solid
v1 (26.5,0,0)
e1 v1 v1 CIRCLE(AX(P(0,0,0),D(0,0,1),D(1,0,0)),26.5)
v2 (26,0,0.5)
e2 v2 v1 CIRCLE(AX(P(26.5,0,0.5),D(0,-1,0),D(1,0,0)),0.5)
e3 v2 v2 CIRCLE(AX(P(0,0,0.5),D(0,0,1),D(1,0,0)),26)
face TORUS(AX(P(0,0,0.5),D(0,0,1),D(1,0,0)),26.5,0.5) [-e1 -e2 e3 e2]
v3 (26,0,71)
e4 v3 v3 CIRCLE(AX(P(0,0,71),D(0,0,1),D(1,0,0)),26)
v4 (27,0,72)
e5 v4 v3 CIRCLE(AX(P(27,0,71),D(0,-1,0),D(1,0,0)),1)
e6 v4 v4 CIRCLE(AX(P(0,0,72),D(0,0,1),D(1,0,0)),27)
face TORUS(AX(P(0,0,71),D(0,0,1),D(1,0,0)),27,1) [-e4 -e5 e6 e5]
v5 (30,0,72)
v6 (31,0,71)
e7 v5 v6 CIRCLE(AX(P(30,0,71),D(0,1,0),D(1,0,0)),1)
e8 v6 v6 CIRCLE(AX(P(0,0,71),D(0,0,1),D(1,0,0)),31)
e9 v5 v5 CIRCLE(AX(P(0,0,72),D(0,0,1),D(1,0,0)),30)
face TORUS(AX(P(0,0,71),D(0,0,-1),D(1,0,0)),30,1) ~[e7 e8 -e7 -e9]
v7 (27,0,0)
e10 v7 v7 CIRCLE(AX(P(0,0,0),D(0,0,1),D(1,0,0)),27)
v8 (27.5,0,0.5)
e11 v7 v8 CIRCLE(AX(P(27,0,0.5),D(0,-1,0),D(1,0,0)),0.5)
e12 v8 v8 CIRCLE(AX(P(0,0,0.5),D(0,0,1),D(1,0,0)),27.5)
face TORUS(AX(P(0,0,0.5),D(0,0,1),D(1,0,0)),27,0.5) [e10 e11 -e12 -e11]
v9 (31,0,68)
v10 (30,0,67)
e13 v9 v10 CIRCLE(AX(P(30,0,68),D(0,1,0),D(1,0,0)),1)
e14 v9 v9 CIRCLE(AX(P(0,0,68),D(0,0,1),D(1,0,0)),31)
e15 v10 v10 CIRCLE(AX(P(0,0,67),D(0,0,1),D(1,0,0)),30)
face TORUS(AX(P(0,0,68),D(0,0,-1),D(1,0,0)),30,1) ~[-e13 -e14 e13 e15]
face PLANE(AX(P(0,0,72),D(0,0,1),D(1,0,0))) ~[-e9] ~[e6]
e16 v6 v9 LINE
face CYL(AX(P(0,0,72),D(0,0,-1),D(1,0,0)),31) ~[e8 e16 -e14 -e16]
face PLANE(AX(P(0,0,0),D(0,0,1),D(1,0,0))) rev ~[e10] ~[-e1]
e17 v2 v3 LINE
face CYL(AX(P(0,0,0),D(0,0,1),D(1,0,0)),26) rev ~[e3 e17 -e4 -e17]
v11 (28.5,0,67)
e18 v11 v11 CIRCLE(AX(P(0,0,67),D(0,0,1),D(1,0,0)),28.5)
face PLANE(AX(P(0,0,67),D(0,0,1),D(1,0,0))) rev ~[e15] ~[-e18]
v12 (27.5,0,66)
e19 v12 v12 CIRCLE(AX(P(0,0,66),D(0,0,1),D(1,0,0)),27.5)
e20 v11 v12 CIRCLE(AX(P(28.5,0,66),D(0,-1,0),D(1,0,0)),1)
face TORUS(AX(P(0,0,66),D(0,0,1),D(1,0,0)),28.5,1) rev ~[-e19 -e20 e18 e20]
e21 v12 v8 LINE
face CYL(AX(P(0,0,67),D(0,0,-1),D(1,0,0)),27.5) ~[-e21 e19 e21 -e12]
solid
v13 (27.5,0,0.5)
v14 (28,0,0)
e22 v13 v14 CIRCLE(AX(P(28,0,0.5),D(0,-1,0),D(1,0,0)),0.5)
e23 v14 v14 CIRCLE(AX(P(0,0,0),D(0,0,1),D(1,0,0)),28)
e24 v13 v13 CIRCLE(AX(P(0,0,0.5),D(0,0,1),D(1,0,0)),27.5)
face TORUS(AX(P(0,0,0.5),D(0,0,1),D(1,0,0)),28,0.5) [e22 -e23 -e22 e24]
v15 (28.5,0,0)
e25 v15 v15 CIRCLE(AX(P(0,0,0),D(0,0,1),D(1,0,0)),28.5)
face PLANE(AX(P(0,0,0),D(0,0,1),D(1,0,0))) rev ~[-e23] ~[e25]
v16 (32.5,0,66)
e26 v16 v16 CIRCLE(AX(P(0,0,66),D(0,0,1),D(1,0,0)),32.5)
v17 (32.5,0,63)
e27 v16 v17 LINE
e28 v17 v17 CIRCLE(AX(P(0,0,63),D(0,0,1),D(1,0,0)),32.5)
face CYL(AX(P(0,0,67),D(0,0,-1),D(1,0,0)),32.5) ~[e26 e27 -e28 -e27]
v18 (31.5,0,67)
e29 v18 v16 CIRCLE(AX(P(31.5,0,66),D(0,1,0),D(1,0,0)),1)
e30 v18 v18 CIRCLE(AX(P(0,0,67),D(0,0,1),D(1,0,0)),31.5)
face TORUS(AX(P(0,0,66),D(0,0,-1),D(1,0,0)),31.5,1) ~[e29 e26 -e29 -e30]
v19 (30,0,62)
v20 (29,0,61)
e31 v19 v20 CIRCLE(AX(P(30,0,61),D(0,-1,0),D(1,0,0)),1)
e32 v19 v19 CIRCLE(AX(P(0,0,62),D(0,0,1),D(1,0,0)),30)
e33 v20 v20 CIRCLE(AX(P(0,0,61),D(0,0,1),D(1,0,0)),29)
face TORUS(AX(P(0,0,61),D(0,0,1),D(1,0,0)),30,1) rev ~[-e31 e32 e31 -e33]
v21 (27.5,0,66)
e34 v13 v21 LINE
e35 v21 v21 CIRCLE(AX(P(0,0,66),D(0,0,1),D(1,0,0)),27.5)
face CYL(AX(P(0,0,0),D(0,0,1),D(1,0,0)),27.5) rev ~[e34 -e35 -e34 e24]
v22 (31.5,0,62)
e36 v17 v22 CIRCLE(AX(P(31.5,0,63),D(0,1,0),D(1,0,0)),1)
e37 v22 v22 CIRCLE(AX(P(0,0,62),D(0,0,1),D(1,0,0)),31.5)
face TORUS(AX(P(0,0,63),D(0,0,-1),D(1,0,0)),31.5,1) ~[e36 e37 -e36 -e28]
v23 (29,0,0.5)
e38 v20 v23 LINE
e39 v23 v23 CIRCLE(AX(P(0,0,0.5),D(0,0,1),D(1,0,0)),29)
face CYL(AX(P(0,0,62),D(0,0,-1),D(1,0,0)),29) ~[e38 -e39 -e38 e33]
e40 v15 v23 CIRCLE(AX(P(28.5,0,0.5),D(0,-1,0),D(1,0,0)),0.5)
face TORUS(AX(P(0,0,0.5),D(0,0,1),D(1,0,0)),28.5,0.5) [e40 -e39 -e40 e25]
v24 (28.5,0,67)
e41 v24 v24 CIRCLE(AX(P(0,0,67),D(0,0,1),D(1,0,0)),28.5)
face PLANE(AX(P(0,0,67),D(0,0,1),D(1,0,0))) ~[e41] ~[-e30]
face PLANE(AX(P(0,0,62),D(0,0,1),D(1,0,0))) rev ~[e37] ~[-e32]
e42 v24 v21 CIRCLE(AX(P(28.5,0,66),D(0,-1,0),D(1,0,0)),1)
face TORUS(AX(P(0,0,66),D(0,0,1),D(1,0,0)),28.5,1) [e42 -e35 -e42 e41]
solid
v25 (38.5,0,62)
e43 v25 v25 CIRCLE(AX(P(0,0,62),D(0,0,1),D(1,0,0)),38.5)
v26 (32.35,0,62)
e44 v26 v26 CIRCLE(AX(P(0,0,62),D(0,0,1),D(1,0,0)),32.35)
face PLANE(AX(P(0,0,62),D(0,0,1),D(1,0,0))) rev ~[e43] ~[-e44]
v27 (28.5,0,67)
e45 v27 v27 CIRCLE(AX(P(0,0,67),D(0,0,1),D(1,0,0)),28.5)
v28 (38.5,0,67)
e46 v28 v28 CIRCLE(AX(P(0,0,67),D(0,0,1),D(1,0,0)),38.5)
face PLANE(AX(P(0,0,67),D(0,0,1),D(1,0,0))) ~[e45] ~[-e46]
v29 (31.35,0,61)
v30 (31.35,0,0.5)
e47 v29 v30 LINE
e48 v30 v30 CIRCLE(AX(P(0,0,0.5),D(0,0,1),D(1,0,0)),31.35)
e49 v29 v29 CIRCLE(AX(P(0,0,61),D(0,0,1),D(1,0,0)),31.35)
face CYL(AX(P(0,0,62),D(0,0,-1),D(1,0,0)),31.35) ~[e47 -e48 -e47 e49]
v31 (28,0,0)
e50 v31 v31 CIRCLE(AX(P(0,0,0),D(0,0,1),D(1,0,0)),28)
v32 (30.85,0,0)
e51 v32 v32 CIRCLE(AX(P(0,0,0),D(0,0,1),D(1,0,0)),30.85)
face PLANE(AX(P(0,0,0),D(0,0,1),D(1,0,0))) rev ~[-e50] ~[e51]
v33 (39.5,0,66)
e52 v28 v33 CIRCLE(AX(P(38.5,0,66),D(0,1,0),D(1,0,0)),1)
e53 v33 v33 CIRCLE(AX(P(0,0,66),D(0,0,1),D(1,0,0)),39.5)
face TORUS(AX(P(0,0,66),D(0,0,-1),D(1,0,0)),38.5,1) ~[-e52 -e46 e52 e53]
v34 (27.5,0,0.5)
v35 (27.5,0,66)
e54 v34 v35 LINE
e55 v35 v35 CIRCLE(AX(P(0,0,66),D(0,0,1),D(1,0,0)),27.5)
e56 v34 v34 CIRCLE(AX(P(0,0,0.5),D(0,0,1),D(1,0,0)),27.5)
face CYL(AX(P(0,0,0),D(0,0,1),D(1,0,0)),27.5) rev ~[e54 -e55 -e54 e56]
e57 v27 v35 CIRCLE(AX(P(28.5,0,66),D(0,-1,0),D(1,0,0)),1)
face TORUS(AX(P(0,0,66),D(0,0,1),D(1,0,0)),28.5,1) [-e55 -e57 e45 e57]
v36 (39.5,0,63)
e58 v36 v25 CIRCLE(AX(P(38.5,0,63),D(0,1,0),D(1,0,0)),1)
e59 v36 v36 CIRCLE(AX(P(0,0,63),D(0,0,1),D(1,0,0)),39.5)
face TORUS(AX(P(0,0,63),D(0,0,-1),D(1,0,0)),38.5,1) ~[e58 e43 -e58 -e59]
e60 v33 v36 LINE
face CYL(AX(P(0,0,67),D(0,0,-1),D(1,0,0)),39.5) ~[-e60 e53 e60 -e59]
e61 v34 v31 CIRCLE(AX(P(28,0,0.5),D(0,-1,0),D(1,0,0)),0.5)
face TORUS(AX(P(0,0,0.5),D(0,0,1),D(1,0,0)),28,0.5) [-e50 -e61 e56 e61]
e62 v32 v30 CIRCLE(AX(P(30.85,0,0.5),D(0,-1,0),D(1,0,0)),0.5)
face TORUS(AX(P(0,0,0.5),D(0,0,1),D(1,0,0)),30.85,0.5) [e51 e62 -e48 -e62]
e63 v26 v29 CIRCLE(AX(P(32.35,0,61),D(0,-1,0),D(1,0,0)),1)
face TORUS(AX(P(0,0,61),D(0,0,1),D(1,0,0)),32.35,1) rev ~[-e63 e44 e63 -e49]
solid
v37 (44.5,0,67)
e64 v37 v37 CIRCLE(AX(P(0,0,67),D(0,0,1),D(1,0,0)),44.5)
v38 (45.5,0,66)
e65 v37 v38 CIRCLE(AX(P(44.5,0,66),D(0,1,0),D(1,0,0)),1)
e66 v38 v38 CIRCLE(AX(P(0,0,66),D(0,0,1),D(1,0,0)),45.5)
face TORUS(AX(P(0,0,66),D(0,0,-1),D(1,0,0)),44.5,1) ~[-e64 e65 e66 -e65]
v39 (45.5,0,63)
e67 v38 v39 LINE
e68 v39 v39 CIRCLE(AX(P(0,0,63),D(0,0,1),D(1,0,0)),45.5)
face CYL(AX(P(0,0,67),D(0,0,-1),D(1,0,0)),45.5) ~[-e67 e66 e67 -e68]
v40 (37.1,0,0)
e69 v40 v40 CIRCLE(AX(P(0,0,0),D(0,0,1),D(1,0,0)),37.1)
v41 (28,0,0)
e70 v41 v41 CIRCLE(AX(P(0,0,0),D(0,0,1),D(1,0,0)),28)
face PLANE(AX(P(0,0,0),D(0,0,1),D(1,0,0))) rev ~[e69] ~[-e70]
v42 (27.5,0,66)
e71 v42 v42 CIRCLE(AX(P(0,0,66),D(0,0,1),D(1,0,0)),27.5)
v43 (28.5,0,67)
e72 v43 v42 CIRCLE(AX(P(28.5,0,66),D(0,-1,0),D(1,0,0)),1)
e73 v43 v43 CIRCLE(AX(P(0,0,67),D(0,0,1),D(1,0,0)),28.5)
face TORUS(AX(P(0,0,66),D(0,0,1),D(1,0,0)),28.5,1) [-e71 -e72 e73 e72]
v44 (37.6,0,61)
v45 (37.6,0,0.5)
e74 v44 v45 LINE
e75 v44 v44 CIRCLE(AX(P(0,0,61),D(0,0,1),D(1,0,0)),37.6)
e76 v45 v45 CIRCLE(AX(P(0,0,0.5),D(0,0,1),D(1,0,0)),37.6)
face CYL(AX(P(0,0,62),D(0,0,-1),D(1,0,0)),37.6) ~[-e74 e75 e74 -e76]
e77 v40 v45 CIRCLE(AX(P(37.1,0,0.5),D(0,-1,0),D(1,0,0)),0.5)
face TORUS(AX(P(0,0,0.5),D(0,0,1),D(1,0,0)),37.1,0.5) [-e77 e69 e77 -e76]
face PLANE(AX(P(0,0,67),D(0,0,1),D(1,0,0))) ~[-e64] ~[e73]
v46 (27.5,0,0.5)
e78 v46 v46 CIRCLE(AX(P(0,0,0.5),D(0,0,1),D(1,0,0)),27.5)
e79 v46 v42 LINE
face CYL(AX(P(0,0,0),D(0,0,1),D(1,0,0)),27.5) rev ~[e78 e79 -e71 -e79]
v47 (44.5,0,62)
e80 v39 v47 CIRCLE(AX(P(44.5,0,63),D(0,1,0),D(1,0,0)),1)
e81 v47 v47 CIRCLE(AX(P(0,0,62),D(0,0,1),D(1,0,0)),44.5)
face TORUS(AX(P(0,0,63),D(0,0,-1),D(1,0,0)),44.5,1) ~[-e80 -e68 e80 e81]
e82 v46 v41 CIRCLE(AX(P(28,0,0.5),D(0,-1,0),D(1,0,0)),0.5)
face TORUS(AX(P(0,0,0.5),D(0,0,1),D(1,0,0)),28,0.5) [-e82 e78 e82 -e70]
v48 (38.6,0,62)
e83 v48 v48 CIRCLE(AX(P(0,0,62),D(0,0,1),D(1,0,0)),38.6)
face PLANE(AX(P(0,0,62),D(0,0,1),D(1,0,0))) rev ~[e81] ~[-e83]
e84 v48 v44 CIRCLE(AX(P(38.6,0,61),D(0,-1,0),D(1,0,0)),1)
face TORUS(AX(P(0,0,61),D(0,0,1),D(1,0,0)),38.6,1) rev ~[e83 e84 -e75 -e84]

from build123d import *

# Parameters (mm, degrees)
FILLET_R    = 1
FILLET001_R = 0.5
FILLET002_R = 1
FILLET003_R = 0.5
FILLET004_R = 1
FILLET005_R = 0.5
FILLET006_R = 1
FILLET007_R = 0.5


with BuildPart() as rigid_sleeve:
    # Sketch → Revolution (revolve)
    with BuildSketch(Plane.XZ):
        Polygon((27.5, 67), (32.5, 67), (32.5, 62), (29, 62), (29, 0), (27.5, 0), align=None)
    revolve(axis=Axis((0, 0, 0), (0, 0, 1)))

    # Fillet
    fillet_edges = [rigid_sleeve.edges().sort_by_distance(p)[0] for p in [
        (-27.5, 0, 67),
        (-32.5, 0, 67),
        (-32.5, 0, 62),
        (-29, 0, 62),
    ]]
    fillet(fillet_edges, radius=FILLET_R)

    # Fillet001
    fillet001_edges = [rigid_sleeve.edges().sort_by_distance(p)[0] for p in [
        (-29, 0, 0),
        (-27.5, 0, 0),
    ]]
    fillet(fillet001_edges, radius=FILLET001_R)


with BuildPart() as soft_sleeve:
    # Sketch001 → Revolution001 (revolve)
    with BuildSketch(Plane.XZ):
        Polygon((26, 72), (31, 72), (31, 67), (27.5, 67), (27.5, 0), (26, 0), align=None)
    revolve(axis=Axis((0, 0, 0), (0, 0, 1)))

    # Fillet002
    fillet002_edges = [soft_sleeve.edges().sort_by_distance(p)[0] for p in [
        (-26, 0, 72),
        (-31, 0, 72),
        (-31, 0, 67),
        (-27.5, 0, 67),
    ]]
    fillet(fillet002_edges, radius=FILLET002_R)

    # Fillet003
    fillet003_edges = [soft_sleeve.edges().sort_by_distance(p)[0] for p in [
        (-27.5, 0, 0),
        (-26, 0, 0),
    ]]
    fillet(fillet003_edges, radius=FILLET003_R)


with BuildPart() as geeetech_filament_rigid:
    # Sketch002 → Revolution002 (revolve)
    with BuildSketch(Plane.XZ):
        Polygon((27.5, 67), (45.5, 67), (45.5, 62), (37.6, 62), (37.6, 0), (27.5, 0), align=None)
    revolve(axis=Axis((0, 0, 0), (0, 0, 1)))

    # Fillet004
    fillet004_edges = [geeetech_filament_rigid.edges().sort_by_distance(p)[0] for p in [
        (-27.5, 0, 67),
        (-45.5, 0, 67),
        (-45.5, 0, 62),
        (-37.6, 0, 62),
    ]]
    fillet(fillet004_edges, radius=FILLET004_R)

    # Fillet005
    fillet005_edges = [geeetech_filament_rigid.edges().sort_by_distance(p)[0] for p in [
        (-37.6, 0, 0),
        (-27.5, 0, 0),
    ]]
    fillet(fillet005_edges, radius=FILLET005_R)


with BuildPart() as sunlu_petg:
    # Sketch003 → Revolution003 (revolve)
    with BuildSketch(Plane.XZ):
        Polygon((27.5, 67), (39.5, 67), (39.5, 62), (31.35, 62), (31.35, 0), (27.5, 0), align=None)
    revolve(axis=Axis((0, 0, 0), (0, 0, 1)))

    # Fillet006
    fillet006_edges = [sunlu_petg.edges().sort_by_distance(p)[0] for p in [
        (-27.5, 0, 67),
        (-39.5, 0, 67),
        (-39.5, 0, 62),
        (-31.35, 0, 62),
    ]]
    fillet(fillet006_edges, radius=FILLET006_R)

    # Fillet007
    fillet007_edges = [sunlu_petg.edges().sort_by_distance(p)[0] for p in [
        (-31.35, 0, 0),
        (-27.5, 0, 0),
    ]]
    fillet(fillet007_edges, radius=FILLET007_R)


solid = Compound([rigid_sleeve.part, soft_sleeve.part, geeetech_filament_rigid.part, sunlu_petg.part])
